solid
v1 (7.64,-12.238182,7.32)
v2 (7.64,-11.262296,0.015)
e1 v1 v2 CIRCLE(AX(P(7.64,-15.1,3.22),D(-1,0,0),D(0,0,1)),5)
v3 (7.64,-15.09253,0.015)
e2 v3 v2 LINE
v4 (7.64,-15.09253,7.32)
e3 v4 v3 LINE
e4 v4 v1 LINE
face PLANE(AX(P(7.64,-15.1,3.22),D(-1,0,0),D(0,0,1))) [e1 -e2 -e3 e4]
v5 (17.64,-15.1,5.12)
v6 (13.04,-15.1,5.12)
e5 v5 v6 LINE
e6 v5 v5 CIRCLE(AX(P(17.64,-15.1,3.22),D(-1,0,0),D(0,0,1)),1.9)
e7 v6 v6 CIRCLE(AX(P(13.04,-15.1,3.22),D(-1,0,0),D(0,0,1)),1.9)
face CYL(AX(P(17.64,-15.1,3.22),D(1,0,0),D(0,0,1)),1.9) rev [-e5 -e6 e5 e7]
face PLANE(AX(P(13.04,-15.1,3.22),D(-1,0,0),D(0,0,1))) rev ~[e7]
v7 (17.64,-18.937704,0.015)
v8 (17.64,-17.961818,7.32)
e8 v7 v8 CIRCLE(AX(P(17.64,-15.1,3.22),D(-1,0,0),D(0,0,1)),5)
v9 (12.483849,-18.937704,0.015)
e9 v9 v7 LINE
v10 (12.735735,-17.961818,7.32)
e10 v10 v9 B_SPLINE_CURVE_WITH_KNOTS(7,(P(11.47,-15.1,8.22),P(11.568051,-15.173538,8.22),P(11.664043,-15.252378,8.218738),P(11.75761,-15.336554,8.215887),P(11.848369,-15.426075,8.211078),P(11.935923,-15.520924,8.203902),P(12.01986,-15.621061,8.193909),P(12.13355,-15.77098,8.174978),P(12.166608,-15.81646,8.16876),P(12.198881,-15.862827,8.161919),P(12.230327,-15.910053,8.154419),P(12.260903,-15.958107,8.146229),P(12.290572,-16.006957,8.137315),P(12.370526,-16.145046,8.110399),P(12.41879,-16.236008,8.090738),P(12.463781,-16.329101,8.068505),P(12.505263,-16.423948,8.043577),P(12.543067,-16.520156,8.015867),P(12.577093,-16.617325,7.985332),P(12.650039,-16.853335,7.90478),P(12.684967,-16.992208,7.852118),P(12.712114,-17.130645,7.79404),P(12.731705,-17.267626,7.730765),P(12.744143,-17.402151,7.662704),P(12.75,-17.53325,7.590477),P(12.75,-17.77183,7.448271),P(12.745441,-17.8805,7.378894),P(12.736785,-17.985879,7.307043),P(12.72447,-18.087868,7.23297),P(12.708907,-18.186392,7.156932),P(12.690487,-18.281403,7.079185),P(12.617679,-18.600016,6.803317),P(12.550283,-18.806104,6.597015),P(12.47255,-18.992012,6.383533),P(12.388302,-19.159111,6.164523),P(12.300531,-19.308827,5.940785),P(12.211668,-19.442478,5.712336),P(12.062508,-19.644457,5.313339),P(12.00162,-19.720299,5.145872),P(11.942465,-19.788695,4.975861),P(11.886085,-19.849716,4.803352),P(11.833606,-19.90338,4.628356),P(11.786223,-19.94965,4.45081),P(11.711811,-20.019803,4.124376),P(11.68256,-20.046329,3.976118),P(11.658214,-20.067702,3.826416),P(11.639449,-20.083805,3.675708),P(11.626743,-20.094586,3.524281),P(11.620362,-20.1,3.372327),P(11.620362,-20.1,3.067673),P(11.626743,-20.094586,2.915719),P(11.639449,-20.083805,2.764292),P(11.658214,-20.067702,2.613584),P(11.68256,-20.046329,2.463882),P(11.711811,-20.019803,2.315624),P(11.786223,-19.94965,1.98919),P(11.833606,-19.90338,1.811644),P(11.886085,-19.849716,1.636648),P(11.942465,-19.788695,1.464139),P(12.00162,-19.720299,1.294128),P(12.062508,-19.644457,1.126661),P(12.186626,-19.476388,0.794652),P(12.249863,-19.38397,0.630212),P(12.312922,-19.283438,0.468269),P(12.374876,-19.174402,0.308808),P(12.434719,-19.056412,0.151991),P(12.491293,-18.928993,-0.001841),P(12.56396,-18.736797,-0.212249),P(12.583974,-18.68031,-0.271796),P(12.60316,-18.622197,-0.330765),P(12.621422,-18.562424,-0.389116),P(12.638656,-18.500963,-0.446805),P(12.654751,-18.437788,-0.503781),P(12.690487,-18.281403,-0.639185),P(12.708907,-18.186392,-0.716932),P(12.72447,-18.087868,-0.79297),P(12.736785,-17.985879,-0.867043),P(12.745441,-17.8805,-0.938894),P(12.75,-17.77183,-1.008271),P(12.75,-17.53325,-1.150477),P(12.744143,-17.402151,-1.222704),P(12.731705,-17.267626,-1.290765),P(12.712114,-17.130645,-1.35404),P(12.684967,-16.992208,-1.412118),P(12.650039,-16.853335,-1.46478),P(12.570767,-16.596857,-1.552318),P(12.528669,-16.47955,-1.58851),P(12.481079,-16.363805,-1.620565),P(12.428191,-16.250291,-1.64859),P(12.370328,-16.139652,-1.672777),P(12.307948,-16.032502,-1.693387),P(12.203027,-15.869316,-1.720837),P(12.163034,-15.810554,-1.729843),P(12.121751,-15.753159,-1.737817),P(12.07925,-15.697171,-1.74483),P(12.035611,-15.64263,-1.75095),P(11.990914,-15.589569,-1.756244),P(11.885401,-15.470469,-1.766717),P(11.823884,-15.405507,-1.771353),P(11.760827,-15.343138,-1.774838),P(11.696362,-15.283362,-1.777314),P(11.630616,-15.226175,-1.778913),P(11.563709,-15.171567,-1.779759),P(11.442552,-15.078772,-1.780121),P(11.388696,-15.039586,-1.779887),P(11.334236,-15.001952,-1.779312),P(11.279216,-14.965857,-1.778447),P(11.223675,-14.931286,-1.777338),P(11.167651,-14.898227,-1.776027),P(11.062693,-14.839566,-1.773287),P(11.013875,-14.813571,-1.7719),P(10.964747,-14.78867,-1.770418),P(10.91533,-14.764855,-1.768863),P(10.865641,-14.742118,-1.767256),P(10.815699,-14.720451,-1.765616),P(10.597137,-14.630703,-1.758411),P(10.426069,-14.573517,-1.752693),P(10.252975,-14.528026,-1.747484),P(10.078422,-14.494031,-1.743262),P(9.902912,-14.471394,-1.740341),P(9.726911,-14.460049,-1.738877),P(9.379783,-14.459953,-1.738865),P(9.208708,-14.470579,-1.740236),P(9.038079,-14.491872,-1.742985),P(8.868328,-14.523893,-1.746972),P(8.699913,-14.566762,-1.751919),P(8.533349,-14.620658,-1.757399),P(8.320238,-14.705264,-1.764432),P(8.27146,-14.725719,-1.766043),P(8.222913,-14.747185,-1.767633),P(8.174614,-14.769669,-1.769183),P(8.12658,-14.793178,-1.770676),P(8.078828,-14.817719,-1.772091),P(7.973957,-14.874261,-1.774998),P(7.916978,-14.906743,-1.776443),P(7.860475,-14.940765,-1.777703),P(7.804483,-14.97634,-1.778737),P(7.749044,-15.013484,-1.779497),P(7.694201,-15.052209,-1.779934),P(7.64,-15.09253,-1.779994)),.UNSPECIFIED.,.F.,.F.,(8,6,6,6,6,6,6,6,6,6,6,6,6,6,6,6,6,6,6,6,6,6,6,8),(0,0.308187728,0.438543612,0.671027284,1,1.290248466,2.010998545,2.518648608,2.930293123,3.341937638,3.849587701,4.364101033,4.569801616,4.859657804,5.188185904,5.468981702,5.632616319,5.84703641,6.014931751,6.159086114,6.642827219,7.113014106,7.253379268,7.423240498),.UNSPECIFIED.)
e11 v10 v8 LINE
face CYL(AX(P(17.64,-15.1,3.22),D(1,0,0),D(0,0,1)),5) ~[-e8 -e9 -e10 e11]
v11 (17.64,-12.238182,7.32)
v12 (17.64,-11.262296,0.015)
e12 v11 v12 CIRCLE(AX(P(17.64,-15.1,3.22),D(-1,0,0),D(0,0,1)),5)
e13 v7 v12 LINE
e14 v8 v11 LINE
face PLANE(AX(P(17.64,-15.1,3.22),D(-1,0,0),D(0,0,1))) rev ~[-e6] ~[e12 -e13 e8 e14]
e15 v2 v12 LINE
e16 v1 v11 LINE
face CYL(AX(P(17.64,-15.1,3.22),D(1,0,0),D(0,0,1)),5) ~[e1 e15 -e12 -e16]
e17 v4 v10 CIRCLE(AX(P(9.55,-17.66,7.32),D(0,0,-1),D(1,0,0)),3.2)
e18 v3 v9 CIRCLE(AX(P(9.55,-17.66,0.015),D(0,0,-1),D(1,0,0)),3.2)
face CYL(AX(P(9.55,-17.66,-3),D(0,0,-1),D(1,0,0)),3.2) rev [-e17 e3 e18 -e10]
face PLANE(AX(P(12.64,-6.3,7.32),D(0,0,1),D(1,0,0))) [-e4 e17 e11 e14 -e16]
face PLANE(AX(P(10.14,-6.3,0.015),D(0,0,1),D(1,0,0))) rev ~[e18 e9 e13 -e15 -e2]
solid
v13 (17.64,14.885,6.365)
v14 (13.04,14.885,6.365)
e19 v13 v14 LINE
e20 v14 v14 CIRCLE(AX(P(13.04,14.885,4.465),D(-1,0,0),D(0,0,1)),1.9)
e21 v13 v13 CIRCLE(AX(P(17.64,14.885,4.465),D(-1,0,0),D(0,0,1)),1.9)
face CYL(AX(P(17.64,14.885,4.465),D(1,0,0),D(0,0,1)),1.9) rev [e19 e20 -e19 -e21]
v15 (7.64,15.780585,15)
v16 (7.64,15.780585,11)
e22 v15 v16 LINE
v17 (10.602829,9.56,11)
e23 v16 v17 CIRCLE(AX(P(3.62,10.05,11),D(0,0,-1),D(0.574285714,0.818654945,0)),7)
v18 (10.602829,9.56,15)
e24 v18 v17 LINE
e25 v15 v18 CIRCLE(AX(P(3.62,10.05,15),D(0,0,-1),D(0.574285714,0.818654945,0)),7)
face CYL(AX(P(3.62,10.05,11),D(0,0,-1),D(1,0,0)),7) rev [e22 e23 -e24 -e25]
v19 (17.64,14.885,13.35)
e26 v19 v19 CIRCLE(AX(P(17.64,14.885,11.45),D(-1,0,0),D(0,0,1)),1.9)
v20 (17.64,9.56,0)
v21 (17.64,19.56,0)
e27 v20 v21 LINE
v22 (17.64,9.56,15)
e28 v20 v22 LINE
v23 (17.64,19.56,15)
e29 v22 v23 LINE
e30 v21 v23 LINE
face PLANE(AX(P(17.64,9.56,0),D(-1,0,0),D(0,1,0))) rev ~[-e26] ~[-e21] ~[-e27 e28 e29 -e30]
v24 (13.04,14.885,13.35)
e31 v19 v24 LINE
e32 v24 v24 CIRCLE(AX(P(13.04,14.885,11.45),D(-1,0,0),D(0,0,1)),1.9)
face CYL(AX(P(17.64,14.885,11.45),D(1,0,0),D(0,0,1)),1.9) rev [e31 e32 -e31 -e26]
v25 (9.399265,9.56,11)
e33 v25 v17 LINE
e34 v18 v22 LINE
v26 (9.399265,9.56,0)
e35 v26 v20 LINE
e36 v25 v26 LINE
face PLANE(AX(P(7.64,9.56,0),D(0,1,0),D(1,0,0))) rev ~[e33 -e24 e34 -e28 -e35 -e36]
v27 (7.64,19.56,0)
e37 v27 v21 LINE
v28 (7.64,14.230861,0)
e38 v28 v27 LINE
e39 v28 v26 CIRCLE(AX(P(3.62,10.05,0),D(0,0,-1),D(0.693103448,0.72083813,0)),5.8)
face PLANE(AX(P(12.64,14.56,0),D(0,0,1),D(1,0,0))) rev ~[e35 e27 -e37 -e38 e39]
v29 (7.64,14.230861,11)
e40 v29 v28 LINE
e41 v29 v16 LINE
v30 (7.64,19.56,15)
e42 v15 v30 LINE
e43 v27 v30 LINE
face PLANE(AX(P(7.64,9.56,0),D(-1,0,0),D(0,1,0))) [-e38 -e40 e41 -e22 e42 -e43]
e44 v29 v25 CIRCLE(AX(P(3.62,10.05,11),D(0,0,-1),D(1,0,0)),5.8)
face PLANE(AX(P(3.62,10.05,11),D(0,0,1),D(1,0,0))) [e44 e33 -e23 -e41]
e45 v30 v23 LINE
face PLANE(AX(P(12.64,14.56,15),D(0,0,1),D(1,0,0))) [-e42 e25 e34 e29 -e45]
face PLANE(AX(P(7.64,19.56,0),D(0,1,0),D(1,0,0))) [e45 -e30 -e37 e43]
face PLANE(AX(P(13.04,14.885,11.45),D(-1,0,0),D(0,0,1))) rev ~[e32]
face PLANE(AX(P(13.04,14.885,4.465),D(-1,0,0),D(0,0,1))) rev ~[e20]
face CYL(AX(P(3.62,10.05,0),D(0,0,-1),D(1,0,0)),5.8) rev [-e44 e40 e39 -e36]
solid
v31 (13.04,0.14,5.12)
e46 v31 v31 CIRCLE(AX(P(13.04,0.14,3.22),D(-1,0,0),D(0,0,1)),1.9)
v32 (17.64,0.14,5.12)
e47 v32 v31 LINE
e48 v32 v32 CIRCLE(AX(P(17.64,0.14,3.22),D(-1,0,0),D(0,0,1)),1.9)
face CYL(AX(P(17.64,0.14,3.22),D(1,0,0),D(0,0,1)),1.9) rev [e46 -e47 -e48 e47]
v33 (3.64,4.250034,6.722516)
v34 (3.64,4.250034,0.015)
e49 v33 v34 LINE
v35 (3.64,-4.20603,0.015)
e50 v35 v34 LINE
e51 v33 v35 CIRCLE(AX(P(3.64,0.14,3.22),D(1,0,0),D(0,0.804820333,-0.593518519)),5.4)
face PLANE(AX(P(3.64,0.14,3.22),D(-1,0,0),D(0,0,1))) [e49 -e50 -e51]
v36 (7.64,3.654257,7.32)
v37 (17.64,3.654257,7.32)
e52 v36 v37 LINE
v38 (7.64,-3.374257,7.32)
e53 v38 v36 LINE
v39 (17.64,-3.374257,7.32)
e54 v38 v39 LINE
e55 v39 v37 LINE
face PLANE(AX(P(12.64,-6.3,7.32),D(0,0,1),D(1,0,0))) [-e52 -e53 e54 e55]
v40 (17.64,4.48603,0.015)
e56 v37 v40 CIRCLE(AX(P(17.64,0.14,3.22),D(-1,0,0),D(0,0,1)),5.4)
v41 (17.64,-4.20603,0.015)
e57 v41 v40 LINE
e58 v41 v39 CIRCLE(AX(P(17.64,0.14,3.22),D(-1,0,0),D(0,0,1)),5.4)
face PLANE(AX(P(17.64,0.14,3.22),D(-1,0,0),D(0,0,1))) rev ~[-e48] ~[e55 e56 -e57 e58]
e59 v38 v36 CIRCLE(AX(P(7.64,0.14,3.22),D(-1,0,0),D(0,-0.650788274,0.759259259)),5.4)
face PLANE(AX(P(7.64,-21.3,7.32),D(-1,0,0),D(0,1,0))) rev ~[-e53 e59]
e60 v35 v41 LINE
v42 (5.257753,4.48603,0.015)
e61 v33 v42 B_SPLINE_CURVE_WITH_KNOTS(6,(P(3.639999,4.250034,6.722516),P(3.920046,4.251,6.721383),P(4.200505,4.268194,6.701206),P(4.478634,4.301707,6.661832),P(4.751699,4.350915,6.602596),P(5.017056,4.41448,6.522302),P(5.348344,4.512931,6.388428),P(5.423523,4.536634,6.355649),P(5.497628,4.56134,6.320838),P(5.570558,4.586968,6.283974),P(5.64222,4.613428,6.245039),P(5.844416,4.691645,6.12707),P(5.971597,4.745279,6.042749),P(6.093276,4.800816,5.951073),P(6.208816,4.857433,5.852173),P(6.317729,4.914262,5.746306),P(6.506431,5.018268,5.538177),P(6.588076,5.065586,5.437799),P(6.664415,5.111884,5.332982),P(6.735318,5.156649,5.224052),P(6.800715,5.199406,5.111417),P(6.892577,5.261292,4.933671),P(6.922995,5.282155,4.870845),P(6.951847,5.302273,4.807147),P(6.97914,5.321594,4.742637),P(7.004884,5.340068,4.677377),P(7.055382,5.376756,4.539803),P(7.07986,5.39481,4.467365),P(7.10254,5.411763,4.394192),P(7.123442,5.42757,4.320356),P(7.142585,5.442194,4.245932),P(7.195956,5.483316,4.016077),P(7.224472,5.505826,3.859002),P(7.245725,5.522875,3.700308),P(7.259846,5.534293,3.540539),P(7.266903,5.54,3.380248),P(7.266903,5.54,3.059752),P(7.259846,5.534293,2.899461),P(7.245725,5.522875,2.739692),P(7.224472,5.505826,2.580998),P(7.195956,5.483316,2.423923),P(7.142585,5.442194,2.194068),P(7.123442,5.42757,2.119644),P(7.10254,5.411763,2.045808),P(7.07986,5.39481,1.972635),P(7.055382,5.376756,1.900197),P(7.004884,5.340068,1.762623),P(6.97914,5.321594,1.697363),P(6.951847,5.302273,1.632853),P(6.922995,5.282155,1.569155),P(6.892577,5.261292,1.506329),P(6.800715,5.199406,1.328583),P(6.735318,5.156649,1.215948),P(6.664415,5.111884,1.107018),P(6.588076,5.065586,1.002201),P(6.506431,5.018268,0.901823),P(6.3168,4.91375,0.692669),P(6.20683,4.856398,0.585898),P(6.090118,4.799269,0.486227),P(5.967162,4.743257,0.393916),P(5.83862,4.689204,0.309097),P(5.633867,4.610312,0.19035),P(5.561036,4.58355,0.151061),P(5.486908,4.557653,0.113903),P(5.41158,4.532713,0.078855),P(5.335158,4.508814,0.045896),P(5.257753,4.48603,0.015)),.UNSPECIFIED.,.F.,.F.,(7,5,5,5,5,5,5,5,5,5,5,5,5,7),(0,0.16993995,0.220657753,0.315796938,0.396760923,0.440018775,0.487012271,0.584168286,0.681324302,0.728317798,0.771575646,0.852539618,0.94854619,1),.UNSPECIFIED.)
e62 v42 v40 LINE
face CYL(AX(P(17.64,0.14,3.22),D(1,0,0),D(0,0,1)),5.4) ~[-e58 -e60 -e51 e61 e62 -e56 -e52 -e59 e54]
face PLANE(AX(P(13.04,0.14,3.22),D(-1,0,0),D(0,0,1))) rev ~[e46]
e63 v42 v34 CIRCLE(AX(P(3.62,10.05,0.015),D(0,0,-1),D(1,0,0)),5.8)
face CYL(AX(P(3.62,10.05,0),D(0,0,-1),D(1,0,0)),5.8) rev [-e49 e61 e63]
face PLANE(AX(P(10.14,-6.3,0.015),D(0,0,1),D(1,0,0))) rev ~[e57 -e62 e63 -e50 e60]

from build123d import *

# Parameters (mm, degrees)
CYLINDER007_R     = 1.9
CYLINDER007_DEPTH = 4.6
CYLINDER008_R     = 1.9
CYLINDER008_DEPTH = 4.6
CYLINDER006_R     = 1.9
CYLINDER006_DEPTH = 4.6
CYLINDER_R        = 1.9
CYLINDER_DEPTH    = 4.6
CYLINDER005_R     = 7
CYLINDER005_DEPTH = 5
CYLINDER004_R     = 5.8
CYLINDER004_DEPTH = 11.5
BOX003_W          = 15
BOX003_H          = 30
BOX003_DEPTH      = 10
BOX002_W          = 10
BOX002_H          = 30
BOX002_DEPTH      = 10
CYLINDER002_R     = 3.2
CYLINDER002_DEPTH = 12
CYLINDER003_R     = 5.4
CYLINDER003_DEPTH = 14
CYLINDER001_R     = 5
CYLINDER001_DEPTH = 10
BOX001_W          = 10
BOX001_H          = 10
BOX001_DEPTH      = 15


with BuildPart() as cylinder007:
    # Cylinder007 → Cylinder007 (new body)
    with BuildSketch(Plane(origin=(17.64, 14.885, 11.45), x_dir=(0, 0, 1), z_dir=(-1, 0, 0))):
        Circle(CYLINDER007_R)
    extrude(amount=CYLINDER007_DEPTH)


with BuildPart() as cylinder008:
    # Cylinder008 → Cylinder008 (new body)
    with BuildSketch(Plane(origin=(17.64, 0.14, 3.22), x_dir=(0, 0, 1), z_dir=(-1, 0, 0))):
        Circle(CYLINDER008_R)
    extrude(amount=CYLINDER008_DEPTH)


with BuildPart() as cylinder006:
    # Cylinder006 → Cylinder006 (new body)
    with BuildSketch(Plane(origin=(17.64, 14.885, 4.465), x_dir=(0, 0, 1), z_dir=(-1, 0, 0))):
        Circle(CYLINDER006_R)
    extrude(amount=CYLINDER006_DEPTH)


with BuildPart() as cylinder:
    # Cylinder → Cylinder (new body)
    with BuildSketch(Plane(origin=(17.64, -15.1, 3.22), x_dir=(0, 0, 1), z_dir=(-1, 0, 0))):
        Circle(CYLINDER_R)
    extrude(amount=CYLINDER_DEPTH)


with BuildPart() as cylinder005:
    # Cylinder005 → Cylinder005 (new body)
    with BuildSketch(Plane(origin=(3.62, 10.05, 11), x_dir=(1, 0, 0), z_dir=(0, 0, 1))):
        Circle(CYLINDER005_R)
    extrude(amount=CYLINDER005_DEPTH)


with BuildPart() as cylinder004:
    # Cylinder004 → Cylinder004 (new body)
    with BuildSketch(Plane(origin=(3.62, 10.05, 0), x_dir=(1, 0, 0), z_dir=(0, 0, 1))):
        Circle(CYLINDER004_R)
    extrude(amount=CYLINDER004_DEPTH)


with BuildPart() as cube003:
    # Box003 → Box003 (new body)
    with BuildSketch(Plane(origin=(2.64, -21.3, -9.985), x_dir=(1, 0, 0), z_dir=(0, 0, 1))):
        with Locations((7.5, 15)):
            Rectangle(BOX003_W, BOX003_H)
    extrude(amount=BOX003_DEPTH)


with BuildPart() as cube002:
    # Box002 → Box002 (new body)
    with BuildSketch(Plane(origin=(7.64, -21.3, 7.32), x_dir=(1, 0, 0), z_dir=(0, 0, 1))):
        with Locations((5, 15)):
            Rectangle(BOX002_W, BOX002_H)
    extrude(amount=BOX002_DEPTH)


with BuildPart() as cylinder002:
    # Cylinder002 → Cylinder002 (new body)
    with BuildSketch(Plane(origin=(9.55, -17.66, -3), x_dir=(1, 0, 0), z_dir=(0, 0, 1))):
        Circle(CYLINDER002_R)
    extrude(amount=CYLINDER002_DEPTH)


with BuildPart() as cylinder003:
    # Cylinder003 → Cylinder003 (new body)
    with BuildSketch(Plane(origin=(17.64, 0.14, 3.22), x_dir=(0, 0, 1), z_dir=(-1, 0, 0))):
        Circle(CYLINDER003_R)
    extrude(amount=CYLINDER003_DEPTH)


with BuildPart() as fusion:
    # Cylinder001 → Cylinder001 (new body)
    with BuildSketch(Plane(origin=(17.64, -15.1, 3.22), x_dir=(0, 0, 1), z_dir=(-1, 0, 0))):
        Circle(CYLINDER001_R)
    extrude(amount=CYLINDER001_DEPTH)

    # Fusion: union Cylinder003
    add(cylinder003.part)


with BuildPart() as cut008:
    # Box001 → Box001 (new body)
    with BuildSketch(Plane(origin=(7.64, 9.56, 0), x_dir=(1, 0, 0), z_dir=(0, 0, 1))):
        with Locations((5, 5)):
            Rectangle(BOX001_W, BOX001_H)
    extrude(amount=BOX001_DEPTH)

    # Fusion001: union Fusion
    add(fusion.part)

    # Cut: cut Cylinder002
    add(cylinder002.part, mode=Mode.SUBTRACT)

    # Cut001: cut Cube002
    add(cube002.part, mode=Mode.SUBTRACT)

    # Cut002: cut Cube003
    add(cube003.part, mode=Mode.SUBTRACT)

    # Cut003: cut Cylinder004
    add(cylinder004.part, mode=Mode.SUBTRACT)

    # Cut004: cut Cylinder005
    add(cylinder005.part, mode=Mode.SUBTRACT)

    # Cut005: cut Cylinder
    add(cylinder.part, mode=Mode.SUBTRACT)

    # Cut006: cut Cylinder006
    add(cylinder006.part, mode=Mode.SUBTRACT)

    # Cut007: cut Cylinder008
    add(cylinder008.part, mode=Mode.SUBTRACT)

    # Cut008: cut Cylinder007
    add(cylinder007.part, mode=Mode.SUBTRACT)


solid = cut008.part
